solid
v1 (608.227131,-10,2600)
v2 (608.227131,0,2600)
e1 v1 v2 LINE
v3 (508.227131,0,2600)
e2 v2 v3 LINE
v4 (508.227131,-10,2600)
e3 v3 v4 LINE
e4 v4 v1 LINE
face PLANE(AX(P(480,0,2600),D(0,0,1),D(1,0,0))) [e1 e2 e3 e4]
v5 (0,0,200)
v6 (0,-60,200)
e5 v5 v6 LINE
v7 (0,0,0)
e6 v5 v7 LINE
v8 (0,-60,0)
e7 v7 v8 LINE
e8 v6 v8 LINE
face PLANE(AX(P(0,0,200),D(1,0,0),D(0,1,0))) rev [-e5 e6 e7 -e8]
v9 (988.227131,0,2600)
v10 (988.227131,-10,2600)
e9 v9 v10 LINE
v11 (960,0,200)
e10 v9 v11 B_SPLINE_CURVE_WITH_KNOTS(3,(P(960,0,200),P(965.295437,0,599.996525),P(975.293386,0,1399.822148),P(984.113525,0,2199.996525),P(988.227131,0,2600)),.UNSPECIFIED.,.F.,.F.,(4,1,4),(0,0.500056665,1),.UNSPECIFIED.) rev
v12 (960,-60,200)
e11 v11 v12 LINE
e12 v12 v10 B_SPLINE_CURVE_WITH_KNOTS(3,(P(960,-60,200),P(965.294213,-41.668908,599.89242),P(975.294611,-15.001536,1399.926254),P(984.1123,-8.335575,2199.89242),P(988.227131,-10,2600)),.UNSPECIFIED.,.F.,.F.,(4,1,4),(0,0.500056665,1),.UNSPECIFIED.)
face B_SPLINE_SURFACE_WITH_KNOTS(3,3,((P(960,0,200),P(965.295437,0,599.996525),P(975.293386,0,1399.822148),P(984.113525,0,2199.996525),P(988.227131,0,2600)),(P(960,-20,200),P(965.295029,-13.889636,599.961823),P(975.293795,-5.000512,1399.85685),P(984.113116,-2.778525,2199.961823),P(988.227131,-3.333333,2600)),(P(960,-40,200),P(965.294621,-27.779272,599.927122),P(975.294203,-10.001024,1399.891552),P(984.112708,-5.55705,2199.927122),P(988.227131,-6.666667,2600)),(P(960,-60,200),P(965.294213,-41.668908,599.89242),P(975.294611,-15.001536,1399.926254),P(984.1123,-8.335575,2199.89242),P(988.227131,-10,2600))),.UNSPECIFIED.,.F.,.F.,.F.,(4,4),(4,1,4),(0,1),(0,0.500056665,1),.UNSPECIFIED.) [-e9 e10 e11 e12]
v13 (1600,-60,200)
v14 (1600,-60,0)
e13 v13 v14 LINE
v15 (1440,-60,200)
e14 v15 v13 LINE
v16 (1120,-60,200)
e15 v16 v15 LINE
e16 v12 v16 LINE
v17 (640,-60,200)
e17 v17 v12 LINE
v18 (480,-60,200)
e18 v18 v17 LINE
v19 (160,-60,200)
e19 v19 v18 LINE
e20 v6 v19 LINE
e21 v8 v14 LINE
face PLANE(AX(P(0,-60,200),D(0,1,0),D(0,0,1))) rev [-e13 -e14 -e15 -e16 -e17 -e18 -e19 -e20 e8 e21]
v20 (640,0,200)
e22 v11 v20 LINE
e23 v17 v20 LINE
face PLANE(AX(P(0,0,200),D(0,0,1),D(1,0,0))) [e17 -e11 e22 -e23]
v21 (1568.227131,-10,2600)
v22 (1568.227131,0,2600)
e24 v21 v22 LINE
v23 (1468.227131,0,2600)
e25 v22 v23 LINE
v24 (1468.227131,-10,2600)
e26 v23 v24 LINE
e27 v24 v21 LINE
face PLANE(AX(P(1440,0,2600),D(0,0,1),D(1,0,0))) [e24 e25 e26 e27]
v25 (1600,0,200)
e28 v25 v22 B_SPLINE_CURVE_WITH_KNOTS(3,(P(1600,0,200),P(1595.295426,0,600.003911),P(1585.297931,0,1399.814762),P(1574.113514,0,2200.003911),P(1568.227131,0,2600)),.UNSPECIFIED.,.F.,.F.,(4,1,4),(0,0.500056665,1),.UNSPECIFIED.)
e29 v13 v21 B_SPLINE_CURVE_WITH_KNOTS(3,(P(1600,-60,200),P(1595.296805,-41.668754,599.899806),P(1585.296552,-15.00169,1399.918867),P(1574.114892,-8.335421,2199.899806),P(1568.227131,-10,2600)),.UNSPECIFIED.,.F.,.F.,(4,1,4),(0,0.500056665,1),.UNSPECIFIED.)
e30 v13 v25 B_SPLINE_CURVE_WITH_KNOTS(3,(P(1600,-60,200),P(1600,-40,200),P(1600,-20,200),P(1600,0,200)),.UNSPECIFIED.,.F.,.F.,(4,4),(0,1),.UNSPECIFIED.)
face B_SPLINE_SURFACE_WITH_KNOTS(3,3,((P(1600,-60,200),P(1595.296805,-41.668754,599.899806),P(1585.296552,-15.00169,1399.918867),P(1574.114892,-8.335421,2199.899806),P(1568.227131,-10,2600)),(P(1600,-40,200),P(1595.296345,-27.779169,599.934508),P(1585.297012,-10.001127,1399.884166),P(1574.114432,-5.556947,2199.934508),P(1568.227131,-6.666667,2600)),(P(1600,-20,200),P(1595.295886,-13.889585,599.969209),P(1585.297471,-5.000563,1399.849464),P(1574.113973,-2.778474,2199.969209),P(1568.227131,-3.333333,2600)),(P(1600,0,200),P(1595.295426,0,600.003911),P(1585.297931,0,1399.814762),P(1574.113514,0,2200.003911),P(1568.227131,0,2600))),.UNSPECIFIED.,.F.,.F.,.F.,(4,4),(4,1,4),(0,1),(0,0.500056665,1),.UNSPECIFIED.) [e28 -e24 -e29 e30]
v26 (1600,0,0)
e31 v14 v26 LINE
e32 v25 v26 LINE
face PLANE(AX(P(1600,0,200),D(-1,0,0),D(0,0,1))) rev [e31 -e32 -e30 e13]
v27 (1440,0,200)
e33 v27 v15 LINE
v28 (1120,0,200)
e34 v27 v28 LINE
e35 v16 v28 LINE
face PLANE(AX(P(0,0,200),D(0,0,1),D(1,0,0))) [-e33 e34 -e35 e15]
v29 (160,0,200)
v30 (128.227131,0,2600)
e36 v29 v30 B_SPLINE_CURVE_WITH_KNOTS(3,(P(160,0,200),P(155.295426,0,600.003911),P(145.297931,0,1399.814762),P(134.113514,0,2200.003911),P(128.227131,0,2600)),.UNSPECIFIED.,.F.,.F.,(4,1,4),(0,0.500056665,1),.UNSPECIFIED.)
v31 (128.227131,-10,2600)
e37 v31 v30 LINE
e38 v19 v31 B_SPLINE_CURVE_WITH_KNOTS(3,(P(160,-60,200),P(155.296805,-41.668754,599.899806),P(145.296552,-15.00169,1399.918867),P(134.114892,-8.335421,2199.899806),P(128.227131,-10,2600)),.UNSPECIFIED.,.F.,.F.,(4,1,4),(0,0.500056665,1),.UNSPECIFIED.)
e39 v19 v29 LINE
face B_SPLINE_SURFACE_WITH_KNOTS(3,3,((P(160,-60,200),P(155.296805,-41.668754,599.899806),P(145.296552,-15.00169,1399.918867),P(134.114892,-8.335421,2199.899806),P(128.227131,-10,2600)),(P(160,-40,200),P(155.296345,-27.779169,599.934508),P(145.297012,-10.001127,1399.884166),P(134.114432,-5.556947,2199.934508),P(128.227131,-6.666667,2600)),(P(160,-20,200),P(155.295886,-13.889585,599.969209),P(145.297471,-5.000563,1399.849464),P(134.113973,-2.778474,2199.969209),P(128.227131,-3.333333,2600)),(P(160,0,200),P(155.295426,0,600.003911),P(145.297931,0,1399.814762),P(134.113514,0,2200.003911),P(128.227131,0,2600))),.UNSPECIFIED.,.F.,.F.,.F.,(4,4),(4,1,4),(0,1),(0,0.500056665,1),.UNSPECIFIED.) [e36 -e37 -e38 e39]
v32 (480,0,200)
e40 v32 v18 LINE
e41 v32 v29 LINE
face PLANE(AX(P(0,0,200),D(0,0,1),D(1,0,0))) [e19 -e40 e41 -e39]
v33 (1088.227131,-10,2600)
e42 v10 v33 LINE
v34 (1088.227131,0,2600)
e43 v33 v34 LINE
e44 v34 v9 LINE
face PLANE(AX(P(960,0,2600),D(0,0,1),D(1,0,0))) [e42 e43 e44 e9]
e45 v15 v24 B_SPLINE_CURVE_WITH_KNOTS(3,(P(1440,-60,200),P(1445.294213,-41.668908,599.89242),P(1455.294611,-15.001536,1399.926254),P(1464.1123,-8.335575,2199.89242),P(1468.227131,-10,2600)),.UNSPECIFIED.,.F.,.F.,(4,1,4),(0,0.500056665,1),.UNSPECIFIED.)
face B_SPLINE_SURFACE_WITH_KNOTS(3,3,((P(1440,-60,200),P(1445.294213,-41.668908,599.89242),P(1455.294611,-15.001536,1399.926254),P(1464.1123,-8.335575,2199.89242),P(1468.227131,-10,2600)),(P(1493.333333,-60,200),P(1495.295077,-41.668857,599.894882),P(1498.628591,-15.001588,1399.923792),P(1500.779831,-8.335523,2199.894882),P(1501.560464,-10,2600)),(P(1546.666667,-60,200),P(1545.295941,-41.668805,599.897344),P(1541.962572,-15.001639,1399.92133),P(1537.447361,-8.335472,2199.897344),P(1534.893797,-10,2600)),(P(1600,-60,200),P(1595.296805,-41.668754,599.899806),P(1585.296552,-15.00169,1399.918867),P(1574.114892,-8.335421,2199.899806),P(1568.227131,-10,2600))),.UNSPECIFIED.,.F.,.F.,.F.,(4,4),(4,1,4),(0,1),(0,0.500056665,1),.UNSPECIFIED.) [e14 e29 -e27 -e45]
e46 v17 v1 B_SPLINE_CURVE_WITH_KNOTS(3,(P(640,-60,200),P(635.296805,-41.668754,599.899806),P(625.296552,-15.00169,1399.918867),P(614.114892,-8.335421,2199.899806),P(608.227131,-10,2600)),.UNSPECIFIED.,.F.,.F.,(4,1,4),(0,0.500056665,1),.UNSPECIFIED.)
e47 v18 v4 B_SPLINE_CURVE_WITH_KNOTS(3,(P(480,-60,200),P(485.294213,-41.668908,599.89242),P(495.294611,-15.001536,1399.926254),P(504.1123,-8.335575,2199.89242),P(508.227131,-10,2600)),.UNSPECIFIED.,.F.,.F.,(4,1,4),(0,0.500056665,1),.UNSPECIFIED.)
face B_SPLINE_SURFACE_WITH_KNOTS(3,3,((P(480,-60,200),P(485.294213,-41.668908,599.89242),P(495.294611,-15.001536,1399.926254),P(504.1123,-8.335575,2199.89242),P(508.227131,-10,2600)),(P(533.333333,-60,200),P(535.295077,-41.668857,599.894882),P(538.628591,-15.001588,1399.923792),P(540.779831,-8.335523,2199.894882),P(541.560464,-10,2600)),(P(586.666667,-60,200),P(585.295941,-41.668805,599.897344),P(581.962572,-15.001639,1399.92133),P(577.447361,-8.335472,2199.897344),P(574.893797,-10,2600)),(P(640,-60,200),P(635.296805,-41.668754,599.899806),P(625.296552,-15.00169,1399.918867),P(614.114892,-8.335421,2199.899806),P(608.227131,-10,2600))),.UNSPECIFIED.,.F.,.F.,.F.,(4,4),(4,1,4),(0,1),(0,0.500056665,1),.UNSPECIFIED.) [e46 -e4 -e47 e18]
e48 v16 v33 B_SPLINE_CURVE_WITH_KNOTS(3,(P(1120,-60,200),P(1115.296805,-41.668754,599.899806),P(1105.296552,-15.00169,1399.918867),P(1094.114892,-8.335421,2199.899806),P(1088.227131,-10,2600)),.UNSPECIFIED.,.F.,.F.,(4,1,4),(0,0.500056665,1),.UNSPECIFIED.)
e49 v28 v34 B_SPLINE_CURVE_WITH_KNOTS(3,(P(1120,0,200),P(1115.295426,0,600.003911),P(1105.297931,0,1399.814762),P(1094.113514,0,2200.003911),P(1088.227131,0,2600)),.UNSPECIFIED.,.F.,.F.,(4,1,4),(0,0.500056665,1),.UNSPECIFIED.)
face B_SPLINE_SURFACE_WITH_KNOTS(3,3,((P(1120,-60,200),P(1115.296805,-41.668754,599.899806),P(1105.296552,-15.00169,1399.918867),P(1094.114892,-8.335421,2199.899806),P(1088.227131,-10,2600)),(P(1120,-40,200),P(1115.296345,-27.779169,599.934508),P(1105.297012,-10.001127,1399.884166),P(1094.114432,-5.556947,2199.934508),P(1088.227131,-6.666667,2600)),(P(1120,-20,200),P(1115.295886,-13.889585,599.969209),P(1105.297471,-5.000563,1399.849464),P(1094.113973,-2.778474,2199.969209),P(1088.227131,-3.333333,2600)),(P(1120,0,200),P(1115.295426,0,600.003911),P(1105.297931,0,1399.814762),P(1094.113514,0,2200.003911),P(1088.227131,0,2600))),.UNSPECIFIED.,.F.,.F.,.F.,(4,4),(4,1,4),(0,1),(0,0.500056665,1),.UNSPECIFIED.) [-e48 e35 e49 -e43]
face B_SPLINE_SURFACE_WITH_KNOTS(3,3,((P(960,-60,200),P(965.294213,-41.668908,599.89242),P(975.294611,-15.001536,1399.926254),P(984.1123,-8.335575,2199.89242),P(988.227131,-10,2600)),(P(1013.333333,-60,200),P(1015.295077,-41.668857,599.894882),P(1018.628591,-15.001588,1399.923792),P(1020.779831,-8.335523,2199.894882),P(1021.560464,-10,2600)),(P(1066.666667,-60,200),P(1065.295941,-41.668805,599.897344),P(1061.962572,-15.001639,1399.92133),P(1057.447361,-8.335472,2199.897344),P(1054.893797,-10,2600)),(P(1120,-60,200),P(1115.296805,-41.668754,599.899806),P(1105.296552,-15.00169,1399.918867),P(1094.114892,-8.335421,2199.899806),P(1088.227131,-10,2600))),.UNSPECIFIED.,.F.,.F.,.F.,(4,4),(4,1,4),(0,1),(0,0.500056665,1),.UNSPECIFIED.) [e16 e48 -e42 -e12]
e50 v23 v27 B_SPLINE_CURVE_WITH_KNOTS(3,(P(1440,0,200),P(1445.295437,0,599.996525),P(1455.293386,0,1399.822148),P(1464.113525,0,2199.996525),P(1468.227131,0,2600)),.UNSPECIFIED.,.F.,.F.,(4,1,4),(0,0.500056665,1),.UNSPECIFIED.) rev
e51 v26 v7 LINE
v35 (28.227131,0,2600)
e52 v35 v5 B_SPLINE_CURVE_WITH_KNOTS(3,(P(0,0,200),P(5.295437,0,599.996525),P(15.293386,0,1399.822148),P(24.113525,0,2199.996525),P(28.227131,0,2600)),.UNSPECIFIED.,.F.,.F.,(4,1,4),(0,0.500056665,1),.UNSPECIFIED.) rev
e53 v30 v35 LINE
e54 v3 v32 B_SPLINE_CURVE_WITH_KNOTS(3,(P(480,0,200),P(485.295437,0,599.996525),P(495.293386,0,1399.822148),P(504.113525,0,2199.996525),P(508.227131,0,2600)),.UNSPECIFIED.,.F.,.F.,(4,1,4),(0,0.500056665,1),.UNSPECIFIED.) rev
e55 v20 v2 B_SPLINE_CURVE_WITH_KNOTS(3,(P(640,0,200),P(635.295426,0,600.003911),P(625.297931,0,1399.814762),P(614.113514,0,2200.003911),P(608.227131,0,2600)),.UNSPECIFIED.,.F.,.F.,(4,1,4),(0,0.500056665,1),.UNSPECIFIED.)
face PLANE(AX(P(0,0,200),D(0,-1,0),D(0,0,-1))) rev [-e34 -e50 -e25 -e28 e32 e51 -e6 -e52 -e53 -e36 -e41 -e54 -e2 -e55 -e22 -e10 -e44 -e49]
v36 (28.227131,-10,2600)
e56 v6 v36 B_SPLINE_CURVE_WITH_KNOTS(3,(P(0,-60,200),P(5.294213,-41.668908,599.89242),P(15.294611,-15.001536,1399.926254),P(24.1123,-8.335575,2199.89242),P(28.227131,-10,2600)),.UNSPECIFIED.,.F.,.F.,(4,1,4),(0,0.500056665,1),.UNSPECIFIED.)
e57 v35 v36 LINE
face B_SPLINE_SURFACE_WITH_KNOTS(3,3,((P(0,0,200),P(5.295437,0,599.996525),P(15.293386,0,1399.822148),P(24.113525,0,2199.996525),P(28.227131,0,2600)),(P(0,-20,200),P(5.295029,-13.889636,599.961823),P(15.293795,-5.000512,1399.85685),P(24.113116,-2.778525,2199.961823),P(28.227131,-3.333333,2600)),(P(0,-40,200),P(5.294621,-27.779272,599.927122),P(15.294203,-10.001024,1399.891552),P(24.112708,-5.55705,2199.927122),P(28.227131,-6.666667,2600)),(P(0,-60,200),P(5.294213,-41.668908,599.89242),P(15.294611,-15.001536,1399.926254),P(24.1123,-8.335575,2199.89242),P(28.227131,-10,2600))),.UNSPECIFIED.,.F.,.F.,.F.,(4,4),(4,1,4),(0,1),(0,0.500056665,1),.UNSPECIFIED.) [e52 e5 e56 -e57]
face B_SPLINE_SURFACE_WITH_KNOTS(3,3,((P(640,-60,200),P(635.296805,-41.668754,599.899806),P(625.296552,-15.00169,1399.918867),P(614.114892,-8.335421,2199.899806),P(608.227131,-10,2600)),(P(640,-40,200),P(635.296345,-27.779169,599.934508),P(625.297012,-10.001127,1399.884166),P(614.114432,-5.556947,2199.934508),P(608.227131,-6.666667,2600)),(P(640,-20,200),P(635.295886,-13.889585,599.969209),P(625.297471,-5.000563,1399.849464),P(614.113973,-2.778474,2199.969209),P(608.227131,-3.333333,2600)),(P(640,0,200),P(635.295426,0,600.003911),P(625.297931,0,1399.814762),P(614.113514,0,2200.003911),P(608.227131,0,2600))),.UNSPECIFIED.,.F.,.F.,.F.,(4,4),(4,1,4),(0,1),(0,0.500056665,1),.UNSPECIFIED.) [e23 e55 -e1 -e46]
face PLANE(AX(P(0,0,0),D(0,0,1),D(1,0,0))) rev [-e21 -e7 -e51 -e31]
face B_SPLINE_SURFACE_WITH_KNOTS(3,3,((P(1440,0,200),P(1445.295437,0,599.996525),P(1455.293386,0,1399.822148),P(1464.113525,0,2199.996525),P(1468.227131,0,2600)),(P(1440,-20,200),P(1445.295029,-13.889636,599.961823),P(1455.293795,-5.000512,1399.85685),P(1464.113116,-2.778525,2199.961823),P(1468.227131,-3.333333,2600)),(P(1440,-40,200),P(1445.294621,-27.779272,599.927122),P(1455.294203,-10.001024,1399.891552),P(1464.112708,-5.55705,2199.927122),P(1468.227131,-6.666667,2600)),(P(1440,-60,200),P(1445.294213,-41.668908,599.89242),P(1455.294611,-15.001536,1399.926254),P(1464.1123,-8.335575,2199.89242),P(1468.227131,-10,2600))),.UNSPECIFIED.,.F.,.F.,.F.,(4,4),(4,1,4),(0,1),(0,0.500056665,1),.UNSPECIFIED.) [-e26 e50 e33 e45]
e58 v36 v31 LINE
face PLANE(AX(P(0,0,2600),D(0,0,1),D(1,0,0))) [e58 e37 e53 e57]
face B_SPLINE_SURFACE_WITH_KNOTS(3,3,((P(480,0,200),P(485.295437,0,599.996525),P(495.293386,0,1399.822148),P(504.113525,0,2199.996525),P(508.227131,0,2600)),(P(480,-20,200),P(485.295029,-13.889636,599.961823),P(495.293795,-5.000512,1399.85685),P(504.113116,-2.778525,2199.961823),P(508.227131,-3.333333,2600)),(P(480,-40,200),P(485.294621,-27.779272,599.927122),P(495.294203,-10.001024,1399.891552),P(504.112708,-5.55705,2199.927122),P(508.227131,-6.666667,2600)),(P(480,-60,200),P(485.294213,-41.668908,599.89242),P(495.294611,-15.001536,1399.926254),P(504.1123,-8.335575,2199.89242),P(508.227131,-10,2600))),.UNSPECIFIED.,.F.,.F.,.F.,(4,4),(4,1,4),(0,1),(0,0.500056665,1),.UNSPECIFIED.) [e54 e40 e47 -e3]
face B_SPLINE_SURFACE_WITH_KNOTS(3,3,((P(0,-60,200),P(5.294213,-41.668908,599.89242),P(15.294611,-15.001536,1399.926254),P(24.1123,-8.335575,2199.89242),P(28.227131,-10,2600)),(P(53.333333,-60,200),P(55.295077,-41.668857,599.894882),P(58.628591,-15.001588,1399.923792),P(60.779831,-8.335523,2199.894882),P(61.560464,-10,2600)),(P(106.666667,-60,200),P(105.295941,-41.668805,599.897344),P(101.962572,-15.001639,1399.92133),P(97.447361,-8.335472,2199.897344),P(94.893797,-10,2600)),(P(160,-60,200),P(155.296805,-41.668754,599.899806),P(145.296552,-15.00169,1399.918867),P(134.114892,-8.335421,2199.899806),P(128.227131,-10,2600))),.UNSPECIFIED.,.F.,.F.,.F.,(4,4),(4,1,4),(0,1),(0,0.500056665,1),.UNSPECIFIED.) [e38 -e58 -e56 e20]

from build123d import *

# Parameters (mm, degrees)
SKETCH5_W           = 1600
SKETCH5_H           = 60
BOSS_EXTRUDE2_DEPTH = 200
SKETCH7_W           = 160
SKETCH7_H           = 60
SKETCH9_W           = 130
SKETCH9_H           = 20
SKETCH10_W          = 100
SKETCH10_H          = 10
LPATTERN1_COUNT     = 4
LPATTERN1_PITCH     = 480


with BuildPart() as part:
    # Sketch5 → Boss-Extrude2 (new body)
    with BuildSketch(Plane.XY):
        with Locations((800, -30)):
            Rectangle(SKETCH5_W, SKETCH5_H)
    extrude(amount=BOSS_EXTRUDE2_DEPTH)

    # Sketch7 → Loft1 section 0
    with BuildSketch(Plane.XY.offset(200)):
        with Locations((80, -30)):
            Rectangle(SKETCH7_W, SKETCH7_H)
    # Sketch9 → Loft1 section 1
    with BuildSketch(Plane.XY.offset(1400)):
        with Locations((80, -10)):
            Rectangle(SKETCH9_W, SKETCH9_H)
    # Sketch10 → Loft1 section 2
    with BuildSketch(Plane.XY.offset(2600)):
        with Locations((78.227130787, -5)):
            Rectangle(SKETCH10_W, SKETCH10_H)
    loft1 = loft()

    # LPattern1: Loft1 ×4
    with Locations(*[(i * LPATTERN1_PITCH, 0, 0) for i in range(1, LPATTERN1_COUNT)]):
        add(loft1)


solid = part.part
